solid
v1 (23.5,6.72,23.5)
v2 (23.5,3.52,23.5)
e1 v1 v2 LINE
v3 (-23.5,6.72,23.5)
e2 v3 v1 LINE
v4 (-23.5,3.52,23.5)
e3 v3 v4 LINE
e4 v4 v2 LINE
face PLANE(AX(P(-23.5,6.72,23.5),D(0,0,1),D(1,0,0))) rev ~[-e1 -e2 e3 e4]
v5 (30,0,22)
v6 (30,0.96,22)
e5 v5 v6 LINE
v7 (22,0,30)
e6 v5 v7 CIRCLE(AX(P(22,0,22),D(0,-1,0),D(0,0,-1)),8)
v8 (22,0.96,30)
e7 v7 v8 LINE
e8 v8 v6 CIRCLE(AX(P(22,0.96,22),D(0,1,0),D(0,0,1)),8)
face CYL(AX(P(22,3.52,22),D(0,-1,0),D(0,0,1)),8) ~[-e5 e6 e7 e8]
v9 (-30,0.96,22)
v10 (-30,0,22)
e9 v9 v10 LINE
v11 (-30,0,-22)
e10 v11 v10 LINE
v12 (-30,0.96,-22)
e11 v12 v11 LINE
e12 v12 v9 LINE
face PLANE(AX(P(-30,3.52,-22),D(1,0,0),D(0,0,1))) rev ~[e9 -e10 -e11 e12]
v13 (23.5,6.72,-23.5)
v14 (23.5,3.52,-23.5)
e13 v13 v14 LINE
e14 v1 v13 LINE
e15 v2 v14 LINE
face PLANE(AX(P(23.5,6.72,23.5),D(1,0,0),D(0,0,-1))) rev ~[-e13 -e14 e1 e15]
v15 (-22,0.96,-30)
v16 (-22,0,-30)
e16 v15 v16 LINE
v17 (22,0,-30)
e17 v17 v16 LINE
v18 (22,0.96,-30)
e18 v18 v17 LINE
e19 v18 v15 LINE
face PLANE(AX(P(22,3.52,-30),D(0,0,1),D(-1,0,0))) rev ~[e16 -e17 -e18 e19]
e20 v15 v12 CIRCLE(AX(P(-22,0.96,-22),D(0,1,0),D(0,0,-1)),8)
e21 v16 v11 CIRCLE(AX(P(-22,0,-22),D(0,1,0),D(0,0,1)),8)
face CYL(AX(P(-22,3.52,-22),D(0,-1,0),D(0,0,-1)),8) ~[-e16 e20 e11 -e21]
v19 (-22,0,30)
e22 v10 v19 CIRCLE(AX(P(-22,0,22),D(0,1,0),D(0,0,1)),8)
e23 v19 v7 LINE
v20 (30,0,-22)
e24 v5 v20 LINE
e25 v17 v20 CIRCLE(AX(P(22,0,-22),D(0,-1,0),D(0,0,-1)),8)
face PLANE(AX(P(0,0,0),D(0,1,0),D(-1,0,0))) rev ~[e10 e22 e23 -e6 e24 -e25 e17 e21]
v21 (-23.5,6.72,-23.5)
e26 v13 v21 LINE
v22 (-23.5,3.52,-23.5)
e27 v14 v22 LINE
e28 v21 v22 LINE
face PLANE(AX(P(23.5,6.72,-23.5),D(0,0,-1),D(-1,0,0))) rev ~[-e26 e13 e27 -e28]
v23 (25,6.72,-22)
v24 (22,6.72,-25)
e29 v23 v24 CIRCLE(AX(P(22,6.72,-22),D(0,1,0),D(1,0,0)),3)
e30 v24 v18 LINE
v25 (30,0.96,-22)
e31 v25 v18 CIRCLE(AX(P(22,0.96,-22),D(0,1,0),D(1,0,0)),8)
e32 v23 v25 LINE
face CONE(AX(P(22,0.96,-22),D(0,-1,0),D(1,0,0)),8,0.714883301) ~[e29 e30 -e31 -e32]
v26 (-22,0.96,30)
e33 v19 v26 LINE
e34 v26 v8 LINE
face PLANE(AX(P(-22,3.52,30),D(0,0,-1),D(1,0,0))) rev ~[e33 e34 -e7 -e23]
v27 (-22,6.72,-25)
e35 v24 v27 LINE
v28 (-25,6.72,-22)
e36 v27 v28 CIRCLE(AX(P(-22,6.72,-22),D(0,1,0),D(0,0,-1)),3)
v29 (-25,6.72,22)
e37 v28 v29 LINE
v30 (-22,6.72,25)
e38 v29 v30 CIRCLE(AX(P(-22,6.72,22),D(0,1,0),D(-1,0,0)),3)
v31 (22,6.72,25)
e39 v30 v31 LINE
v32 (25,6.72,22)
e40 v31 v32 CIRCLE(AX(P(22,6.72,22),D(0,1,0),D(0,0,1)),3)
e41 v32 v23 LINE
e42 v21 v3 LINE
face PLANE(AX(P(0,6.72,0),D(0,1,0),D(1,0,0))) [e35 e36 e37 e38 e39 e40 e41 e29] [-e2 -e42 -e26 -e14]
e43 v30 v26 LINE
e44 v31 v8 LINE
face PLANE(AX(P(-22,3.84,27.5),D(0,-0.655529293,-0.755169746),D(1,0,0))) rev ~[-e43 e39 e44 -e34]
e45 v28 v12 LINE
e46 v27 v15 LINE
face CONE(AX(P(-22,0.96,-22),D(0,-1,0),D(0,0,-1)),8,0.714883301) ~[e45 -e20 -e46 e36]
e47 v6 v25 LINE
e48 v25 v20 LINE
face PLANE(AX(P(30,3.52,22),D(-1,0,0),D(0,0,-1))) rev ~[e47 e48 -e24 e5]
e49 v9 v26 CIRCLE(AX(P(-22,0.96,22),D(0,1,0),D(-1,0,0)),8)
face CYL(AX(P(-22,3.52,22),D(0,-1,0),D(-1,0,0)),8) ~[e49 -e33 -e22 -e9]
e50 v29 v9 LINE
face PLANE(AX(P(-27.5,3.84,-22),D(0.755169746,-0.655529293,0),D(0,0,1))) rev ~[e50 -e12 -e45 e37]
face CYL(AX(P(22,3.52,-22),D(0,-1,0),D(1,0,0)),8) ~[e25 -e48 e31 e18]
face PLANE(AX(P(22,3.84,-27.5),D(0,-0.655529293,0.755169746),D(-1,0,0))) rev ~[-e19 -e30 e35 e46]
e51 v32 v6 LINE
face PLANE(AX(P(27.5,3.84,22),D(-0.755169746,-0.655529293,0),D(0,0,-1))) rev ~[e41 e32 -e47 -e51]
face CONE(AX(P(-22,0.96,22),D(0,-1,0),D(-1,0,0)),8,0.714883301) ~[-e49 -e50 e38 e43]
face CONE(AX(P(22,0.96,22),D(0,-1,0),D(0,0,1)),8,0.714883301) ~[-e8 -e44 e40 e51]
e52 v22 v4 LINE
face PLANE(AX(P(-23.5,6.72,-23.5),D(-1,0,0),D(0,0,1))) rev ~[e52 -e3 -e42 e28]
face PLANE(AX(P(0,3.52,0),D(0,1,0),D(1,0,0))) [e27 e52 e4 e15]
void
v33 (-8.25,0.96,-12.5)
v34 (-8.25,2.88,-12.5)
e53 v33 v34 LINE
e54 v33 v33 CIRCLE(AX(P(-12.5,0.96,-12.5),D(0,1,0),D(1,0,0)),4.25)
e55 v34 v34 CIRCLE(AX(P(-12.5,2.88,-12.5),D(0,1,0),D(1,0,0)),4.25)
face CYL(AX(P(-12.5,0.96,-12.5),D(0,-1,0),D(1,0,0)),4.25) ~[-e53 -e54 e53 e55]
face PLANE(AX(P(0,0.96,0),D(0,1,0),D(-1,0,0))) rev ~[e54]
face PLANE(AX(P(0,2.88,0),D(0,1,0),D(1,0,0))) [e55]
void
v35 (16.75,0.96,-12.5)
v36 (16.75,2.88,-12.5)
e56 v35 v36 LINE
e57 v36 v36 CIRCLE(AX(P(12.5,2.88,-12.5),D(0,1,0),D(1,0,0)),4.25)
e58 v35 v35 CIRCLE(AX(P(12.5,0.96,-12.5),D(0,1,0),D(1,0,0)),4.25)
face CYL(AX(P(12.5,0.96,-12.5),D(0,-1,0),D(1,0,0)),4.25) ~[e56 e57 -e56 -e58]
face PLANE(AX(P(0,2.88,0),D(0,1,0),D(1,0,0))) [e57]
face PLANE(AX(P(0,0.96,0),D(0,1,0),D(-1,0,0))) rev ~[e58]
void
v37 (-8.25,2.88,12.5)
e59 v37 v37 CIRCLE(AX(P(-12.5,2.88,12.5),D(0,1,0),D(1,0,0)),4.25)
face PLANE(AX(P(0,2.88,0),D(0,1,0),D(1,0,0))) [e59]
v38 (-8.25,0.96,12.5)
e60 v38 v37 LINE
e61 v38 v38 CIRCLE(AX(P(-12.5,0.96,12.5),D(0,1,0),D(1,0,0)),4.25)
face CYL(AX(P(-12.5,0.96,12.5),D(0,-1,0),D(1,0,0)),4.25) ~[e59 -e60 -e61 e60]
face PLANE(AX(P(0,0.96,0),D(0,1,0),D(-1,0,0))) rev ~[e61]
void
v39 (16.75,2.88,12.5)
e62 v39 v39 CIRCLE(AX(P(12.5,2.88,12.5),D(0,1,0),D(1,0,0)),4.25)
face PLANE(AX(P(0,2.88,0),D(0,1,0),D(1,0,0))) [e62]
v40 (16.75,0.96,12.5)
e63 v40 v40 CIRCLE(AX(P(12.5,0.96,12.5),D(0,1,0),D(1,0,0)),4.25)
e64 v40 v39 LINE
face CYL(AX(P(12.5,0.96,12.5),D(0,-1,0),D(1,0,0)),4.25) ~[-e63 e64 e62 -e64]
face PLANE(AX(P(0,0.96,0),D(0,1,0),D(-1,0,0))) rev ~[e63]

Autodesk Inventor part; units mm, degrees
ref_plane "YZ Plane" through (0, 0, 0) normal (1, 0, 0) x (0, 1, 0)
ref_plane "XZ Plane" through (0, 0, 0) normal (0, 1, 0) x (-1, 0, 0)
ref_plane "XY Plane" through (0, 0, 0) normal (0, 0, 1) x (1, 0, 0)
sketch "Sketch1" plane through (0, 0, 0) normal (0, 1, 0) x (-1, 0, 0)
  line L0 (30, 30) -> (-30, 30)
  line L1 (-30, 30) -> (-30, -30)
  line L2 (-30, -30) -> (30, -30)
  line L3 (30, -30) -> (30, 30)
  point P0 (0, 0)
  point P1 (30, 0)
  point P2 (0, 30)
  dimension "d0" = 60
  dimension "d1" = 60
extrude "Extrusion1" add sketch "Sketch1" along normal blind 0.96
sketch "Sketch2" plane through (0, 0.96, 0) normal (0, 1, 0) x (1, 0, 0)
  line L0 (30, -30) -> (30, 30) projected
  line L1 (30, 30) -> (-30, 30) projected
  line L2 (-30, 30) -> (-30, -30) projected
  line L3 (-30, -30) -> (30, -30) projected
  line L4 (-30, 0) -> (30, 0)
  line L5 (0, -30) -> (0, 30)
  circle A0 centre (-12.5, -12.5) radius 4.25
  circle A1 centre (-12.5, 12.5) radius 4.25
  circle A2 centre (12.5, 12.5) radius 4.25
  circle A3 centre (12.5, -12.5) radius 4.25
  point P0 (0, 0)
  dimension "d13" = 8.5
  dimension "d14" = 25
  dimension "d15" = 25
extrude "Extrusion2" add sketch "Sketch2" along normal blind 1.92
sketch "Sketch3" plane through (0, 2.88, 0) normal (0, 1, 0) x (1, 0, 0)
  line L0 (-30, 30) -> (-30, -30) projected
  line L1 (-30, -30) -> (30, -30) projected
  line L2 (30, -30) -> (30, 30) projected
  line L3 (30, 30) -> (-30, 30) projected
  point P0 (0, 0)
extrude "Extrusion3" add sketch "Sketch3" along normal blind 0.64
fillet "Fillet1" radius 8 4 edges at (30, 1.76, 30) (-30, 1.76, 30) (-30, 1.76, -30) (30, 1.76, -30)
ref_plane "Arbeitsebene2" through (27.6569, 3.52, -27.6569) normal (-0.7071, 0, -0.7071) x (0, -1, 0)
sketch "Skizze7" plane through (0, 3.52, 0) normal (0, 1, 0) x (1, 0, 0)
  line L0 (-22, -30) -> (22, -30) projected
  arc A0 (22, -30) -> (30, -22) centre (22, -22) ccw projected
  line L1 (30, -22) -> (30, 22) projected
  arc A1 (30, 22) -> (22, 30) centre (22, 22) ccw projected
  line L2 (22, 30) -> (-22, 30) projected
  arc A2 (-22, 30) -> (-30, 22) centre (-22, 22) ccw projected
  line L3 (-30, 22) -> (-30, -22) projected
  arc A3 (-30, -22) -> (-22, -30) centre (-22, -22) ccw projected
  line L4 (22, -30) -> (-22, -30)
  line L5 (-30, -22) -> (-30, 22)
  line L6 (-22, 30) -> (22, 30)
  line L7 (30, 22) -> (30, -22)
  arc A4 (22, -30) -> (30, -22) centre (22, -22) ccw
  arc A5 (-30, -22) -> (-22, -30) centre (-22, -22) ccw
  arc A6 (-22, 30) -> (-30, 22) centre (-22, 22) ccw
  arc A7 (30, 22) -> (22, 30) centre (22, 22) ccw
  point P0 (0, 0)
extrude "Extrusion4" add sketch "Skizze7" along normal blind 3.2
sketch "Skizze8" plane through (0, 6.72, 0) normal (0, 1, 0) x (1, 0, 0)
  line L0 (23.5, 23.5) -> (-23.5, 23.5)
  line L1 (-23.5, 23.5) -> (-23.5, -23.5)
  line L2 (-23.5, -23.5) -> (23.5, -23.5)
  line L3 (23.5, -23.5) -> (23.5, 23.5)
  line L4 (23.5, 23.5) -> (-23.5, -23.5) construction
  line L5 (-23.5, 23.5) -> (23.5, -23.5) construction
  point P0 (0, 0)
  dimension "d25" = 47
  dimension "d26" = 47
extrude "Extrusion5" cut sketch "Skizze8" against normal blind 3.2
chamfer "Fasen2" distance 5 distance2 5.76 8 edges at (0, 6.72, -30) (-27.6569, 6.72, -27.6569) (-30, 6.72, 0) (-27.6569, 6.72, 27.6569) (0, 6.72, 30) (27.6569, 6.72, 27.6569) (30, 6.72, 0) (27.6569, 6.72, -27.6569) measured on face at (7.3333, 6.72, -25.6667)
properties part number "IMU_Base_T-Shirt"
